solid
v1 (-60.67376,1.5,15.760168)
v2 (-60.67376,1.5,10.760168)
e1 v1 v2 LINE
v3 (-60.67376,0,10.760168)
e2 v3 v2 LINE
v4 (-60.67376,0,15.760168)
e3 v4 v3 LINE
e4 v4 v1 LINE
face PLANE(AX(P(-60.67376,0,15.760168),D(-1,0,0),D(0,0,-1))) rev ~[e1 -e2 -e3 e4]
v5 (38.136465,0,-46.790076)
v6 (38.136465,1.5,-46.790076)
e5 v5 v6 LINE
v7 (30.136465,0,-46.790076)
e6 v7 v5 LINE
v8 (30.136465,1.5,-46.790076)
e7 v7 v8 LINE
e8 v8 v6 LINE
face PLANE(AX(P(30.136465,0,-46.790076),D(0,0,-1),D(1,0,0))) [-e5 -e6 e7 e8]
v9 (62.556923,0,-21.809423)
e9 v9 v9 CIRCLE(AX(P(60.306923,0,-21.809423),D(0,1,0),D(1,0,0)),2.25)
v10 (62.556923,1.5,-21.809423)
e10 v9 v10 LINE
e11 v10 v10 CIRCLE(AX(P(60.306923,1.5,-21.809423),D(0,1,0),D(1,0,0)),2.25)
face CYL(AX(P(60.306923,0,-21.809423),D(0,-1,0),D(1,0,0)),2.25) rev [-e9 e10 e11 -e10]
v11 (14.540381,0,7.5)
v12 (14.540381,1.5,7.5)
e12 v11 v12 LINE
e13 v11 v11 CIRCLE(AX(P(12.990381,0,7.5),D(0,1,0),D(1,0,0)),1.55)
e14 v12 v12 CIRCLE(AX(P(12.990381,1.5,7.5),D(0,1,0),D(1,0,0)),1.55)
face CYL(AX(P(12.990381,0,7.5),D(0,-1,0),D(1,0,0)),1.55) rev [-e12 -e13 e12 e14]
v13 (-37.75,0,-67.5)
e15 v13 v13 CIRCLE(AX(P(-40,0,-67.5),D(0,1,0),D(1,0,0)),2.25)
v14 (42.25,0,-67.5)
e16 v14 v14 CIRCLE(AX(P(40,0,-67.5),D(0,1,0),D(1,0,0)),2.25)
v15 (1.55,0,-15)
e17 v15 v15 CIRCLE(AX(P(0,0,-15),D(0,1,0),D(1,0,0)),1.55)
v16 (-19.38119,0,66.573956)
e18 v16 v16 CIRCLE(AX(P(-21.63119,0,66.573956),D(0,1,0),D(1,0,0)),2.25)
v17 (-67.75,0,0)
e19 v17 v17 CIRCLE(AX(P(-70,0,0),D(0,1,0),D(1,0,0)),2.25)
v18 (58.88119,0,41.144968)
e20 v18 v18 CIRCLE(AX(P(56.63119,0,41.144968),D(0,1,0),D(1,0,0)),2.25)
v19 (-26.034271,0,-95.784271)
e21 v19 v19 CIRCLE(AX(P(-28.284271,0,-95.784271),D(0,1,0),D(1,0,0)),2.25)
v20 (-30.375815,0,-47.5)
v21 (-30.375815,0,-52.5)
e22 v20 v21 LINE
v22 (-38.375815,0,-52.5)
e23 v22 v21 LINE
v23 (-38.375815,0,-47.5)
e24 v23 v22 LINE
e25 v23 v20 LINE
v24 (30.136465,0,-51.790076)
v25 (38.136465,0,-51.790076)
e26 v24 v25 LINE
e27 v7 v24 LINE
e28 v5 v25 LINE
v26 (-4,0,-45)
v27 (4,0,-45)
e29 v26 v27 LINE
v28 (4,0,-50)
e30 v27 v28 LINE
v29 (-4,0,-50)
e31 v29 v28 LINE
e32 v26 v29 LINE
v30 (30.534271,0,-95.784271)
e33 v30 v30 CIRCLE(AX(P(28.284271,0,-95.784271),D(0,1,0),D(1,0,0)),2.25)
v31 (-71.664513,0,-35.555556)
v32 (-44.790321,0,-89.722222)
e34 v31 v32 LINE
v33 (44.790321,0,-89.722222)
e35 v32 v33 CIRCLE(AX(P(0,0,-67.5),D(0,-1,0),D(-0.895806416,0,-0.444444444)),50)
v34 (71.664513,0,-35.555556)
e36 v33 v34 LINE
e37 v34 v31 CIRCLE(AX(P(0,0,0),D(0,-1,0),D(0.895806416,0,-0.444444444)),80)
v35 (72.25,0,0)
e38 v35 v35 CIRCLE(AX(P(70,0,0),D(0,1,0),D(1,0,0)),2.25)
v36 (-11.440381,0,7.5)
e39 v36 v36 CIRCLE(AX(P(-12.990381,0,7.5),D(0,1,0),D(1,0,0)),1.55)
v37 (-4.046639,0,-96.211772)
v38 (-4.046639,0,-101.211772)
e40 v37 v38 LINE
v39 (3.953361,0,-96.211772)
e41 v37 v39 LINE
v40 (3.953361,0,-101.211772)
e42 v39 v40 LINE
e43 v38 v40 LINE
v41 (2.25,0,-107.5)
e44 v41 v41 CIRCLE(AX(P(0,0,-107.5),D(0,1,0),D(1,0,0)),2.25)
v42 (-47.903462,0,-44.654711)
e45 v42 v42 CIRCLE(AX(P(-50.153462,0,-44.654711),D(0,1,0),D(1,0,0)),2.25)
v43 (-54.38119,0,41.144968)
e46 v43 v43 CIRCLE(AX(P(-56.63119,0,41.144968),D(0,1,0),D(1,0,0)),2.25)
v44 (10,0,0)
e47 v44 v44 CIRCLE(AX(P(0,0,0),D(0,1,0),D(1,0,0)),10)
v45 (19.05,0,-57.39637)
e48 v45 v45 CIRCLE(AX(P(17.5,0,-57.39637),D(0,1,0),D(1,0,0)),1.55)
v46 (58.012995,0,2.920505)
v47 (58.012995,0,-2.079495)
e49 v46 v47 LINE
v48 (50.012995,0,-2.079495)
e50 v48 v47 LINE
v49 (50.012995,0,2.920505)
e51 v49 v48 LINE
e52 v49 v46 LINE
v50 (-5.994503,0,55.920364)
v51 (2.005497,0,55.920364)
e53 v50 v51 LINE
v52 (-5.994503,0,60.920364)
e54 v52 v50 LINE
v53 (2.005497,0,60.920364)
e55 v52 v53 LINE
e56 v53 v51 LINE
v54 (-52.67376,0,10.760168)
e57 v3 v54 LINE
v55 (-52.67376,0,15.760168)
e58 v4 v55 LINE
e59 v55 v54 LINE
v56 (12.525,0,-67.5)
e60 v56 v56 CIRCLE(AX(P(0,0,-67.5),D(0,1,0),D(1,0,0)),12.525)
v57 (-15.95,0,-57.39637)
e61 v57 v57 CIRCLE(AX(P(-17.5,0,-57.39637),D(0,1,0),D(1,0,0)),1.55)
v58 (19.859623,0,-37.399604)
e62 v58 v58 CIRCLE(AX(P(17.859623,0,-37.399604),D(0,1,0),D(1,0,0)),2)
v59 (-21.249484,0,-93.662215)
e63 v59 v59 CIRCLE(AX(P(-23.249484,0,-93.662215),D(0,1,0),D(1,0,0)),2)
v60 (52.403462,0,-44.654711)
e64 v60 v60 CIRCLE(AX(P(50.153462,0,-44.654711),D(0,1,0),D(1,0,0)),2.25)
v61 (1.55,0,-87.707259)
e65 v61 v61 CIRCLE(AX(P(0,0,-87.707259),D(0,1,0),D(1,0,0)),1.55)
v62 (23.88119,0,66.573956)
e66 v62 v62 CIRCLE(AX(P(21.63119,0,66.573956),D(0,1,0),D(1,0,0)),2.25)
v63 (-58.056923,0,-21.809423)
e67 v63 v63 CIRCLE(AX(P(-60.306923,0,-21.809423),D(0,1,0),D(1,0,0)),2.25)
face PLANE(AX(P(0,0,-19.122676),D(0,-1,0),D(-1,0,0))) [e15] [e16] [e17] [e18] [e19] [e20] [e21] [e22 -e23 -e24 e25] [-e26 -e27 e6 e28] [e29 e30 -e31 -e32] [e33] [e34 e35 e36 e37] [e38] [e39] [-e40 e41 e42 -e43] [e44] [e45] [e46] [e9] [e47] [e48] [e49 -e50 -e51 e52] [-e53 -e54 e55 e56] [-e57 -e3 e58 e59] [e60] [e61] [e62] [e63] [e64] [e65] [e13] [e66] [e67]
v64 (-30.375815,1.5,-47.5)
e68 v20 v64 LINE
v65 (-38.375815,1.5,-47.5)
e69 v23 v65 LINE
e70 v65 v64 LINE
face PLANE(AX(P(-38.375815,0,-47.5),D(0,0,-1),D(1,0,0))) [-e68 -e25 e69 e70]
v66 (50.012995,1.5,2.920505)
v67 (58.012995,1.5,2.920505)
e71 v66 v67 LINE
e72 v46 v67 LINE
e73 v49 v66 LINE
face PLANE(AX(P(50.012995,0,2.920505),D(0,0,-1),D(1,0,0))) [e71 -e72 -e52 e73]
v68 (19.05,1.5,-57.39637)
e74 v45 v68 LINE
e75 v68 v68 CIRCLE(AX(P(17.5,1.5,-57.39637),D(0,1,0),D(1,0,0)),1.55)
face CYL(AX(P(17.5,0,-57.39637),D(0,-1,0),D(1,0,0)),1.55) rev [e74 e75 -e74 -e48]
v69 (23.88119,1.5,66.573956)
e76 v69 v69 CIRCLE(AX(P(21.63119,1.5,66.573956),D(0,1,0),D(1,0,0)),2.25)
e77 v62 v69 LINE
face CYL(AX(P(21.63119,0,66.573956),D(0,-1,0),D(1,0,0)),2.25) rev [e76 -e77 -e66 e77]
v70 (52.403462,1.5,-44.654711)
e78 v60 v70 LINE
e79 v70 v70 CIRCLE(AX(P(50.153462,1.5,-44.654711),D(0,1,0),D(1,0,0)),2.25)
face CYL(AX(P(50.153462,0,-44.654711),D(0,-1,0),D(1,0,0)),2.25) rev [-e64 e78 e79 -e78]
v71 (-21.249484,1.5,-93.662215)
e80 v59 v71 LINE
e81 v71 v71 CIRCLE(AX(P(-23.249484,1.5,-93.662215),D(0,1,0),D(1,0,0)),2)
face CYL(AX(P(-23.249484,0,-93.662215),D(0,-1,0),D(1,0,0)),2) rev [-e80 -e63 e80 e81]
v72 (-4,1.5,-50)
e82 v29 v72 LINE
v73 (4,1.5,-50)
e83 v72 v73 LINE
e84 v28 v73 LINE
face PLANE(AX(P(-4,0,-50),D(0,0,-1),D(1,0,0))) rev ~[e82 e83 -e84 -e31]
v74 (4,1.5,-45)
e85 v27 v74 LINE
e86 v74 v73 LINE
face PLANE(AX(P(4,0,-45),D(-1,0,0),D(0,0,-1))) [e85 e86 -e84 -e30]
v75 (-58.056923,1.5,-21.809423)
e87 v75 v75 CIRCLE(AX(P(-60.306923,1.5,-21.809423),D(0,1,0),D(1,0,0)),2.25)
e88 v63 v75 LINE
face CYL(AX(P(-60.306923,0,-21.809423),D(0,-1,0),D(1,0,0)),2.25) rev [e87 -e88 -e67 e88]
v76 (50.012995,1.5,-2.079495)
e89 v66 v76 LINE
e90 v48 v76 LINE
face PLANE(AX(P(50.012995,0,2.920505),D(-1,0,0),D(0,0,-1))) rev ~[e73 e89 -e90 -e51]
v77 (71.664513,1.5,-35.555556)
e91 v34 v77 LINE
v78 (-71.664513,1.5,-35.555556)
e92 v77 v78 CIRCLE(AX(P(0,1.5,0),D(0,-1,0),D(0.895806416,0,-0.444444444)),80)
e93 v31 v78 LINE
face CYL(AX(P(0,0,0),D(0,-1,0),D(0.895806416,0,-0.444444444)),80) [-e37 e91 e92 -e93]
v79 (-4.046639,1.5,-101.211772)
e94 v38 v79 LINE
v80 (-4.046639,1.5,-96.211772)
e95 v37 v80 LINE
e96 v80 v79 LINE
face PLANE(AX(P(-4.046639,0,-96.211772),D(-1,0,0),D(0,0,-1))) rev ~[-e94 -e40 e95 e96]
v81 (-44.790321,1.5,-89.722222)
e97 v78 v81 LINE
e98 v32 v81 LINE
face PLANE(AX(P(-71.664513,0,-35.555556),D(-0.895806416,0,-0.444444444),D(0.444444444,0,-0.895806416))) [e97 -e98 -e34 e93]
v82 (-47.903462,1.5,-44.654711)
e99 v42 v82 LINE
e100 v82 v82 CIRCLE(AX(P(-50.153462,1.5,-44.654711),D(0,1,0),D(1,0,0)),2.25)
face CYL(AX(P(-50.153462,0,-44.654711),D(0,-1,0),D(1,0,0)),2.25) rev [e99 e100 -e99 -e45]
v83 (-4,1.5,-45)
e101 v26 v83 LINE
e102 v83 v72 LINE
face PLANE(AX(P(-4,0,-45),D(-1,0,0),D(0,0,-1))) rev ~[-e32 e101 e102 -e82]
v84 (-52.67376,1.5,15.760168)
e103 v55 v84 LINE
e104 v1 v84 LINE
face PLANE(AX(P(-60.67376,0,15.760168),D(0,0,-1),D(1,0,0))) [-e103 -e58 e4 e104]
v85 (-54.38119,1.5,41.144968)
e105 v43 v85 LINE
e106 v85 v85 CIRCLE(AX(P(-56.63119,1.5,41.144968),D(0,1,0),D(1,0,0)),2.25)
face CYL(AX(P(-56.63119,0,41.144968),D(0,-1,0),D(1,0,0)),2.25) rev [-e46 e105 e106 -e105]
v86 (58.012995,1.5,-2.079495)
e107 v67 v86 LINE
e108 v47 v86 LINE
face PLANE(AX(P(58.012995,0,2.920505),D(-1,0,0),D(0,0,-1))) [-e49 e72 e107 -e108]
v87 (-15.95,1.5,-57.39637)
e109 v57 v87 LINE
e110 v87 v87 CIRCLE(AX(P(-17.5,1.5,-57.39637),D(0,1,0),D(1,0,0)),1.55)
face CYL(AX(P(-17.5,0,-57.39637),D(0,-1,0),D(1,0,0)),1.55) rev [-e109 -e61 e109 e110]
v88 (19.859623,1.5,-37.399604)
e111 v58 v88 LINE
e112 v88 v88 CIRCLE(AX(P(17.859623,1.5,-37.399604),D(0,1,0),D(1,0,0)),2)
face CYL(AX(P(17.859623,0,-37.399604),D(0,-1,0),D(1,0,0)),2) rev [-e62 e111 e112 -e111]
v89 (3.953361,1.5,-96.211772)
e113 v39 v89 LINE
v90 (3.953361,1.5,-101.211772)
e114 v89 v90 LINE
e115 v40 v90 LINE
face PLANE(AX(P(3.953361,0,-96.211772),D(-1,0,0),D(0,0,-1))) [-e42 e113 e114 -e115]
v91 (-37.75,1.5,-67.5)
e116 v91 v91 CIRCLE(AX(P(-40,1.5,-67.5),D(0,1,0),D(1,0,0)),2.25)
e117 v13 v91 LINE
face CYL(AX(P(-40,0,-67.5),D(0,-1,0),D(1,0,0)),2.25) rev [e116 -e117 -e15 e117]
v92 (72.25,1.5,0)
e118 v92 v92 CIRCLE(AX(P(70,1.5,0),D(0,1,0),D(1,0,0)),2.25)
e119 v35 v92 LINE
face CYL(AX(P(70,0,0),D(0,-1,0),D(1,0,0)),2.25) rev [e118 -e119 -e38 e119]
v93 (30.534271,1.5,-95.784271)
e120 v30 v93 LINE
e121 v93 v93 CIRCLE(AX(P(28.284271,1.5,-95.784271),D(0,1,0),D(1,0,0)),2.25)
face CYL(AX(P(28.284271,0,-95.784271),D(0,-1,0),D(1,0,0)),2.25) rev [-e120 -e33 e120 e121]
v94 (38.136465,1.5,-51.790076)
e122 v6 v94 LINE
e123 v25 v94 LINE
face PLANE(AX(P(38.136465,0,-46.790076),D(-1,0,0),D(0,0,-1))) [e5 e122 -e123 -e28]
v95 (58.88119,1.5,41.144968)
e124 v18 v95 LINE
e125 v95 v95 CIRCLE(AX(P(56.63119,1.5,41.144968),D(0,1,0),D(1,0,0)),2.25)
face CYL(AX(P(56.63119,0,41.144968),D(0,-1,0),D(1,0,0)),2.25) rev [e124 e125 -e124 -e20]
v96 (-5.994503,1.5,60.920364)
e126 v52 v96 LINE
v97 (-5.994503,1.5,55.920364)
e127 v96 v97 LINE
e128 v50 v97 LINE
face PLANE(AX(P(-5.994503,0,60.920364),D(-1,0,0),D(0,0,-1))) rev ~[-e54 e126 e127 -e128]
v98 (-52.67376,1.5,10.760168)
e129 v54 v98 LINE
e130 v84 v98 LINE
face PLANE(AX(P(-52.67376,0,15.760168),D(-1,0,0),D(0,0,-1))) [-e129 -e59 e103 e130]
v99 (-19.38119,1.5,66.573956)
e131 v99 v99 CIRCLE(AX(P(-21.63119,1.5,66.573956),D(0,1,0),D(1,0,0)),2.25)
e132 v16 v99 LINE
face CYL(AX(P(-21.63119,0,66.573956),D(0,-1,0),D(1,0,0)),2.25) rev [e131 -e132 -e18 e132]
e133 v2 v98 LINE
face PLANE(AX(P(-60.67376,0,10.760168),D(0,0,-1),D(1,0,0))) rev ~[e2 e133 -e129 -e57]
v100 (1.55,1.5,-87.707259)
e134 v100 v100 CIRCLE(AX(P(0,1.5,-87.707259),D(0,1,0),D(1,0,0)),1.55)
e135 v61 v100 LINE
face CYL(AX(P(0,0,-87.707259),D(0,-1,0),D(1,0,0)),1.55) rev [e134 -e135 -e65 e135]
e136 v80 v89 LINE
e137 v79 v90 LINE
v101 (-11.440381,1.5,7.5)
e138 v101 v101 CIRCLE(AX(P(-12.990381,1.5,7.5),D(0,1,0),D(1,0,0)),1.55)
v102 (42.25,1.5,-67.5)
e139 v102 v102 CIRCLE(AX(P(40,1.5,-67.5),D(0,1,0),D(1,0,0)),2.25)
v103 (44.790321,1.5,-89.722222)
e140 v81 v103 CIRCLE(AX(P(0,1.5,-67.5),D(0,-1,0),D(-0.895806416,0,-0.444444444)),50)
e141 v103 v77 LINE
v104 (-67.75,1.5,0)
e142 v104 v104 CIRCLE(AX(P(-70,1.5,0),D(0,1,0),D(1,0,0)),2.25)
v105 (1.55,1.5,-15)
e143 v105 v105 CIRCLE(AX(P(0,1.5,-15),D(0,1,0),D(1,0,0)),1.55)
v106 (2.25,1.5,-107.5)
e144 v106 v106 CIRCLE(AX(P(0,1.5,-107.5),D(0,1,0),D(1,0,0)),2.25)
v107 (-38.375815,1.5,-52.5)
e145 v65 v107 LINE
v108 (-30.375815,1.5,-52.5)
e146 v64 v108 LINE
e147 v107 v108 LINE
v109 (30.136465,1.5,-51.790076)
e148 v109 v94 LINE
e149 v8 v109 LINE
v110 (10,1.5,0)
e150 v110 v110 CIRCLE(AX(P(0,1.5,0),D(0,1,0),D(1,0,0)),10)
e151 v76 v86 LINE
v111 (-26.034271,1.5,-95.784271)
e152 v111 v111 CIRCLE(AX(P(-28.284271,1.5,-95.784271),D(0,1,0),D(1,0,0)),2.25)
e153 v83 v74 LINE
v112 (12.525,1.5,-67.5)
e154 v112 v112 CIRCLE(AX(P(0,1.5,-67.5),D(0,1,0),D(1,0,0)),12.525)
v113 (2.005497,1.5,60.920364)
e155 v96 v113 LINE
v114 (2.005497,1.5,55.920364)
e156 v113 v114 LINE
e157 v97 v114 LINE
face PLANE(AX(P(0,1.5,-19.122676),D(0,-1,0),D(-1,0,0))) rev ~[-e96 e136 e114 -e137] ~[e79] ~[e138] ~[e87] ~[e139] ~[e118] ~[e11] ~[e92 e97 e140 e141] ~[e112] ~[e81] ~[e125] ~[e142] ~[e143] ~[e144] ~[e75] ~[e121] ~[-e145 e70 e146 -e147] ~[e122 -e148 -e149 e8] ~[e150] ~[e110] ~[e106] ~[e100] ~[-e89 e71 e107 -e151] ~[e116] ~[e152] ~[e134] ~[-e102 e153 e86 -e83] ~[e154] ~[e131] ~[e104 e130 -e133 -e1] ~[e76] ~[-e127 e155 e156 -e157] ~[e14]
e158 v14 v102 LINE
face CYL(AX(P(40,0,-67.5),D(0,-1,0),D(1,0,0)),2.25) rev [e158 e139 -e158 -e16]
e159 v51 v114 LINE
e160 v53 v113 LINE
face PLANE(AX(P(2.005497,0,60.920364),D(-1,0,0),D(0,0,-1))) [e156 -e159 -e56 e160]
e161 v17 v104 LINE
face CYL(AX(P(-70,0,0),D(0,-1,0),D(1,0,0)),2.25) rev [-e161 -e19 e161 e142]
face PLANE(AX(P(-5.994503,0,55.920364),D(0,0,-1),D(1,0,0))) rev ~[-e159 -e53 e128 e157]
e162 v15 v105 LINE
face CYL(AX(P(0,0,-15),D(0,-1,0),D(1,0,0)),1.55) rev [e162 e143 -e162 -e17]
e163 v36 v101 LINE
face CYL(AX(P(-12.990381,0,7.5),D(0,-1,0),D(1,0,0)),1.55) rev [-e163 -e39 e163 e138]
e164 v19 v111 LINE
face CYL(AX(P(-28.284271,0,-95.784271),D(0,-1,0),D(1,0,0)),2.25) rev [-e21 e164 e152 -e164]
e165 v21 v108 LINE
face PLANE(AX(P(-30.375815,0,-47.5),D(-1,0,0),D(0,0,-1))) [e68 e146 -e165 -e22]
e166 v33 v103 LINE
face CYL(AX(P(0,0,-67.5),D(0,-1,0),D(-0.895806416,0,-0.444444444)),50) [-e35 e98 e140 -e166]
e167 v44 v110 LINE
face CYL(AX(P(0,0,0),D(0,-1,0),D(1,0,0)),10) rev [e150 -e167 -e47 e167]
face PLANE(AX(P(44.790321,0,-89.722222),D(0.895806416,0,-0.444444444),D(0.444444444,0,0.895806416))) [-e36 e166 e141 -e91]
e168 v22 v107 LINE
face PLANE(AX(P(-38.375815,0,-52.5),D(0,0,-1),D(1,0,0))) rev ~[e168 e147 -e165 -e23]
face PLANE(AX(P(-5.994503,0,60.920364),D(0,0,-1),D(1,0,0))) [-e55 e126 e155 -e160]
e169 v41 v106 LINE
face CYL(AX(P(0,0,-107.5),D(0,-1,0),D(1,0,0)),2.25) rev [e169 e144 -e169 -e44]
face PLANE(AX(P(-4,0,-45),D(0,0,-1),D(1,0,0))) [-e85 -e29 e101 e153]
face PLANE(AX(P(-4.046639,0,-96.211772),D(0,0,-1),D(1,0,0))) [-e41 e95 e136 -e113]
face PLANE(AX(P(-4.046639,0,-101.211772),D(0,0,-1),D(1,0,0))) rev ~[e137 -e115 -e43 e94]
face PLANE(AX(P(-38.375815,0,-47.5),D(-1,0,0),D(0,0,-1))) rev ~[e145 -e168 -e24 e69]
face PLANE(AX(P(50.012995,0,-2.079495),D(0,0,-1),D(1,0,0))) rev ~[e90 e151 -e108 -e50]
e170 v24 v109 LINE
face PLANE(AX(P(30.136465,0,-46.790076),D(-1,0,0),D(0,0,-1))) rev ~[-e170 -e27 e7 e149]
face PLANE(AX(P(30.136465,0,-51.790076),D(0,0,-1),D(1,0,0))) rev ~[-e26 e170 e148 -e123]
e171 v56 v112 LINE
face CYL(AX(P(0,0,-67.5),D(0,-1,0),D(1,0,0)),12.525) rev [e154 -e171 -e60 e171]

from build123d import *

# Parameters (mm, degrees)
SKETCH1_R           = 10
SKETCH1_R_2         = 1.55
SKETCH1_R_3         = 12.525
SKETCH1_R_4         = 2.25
SKETCH1_R_5         = 2
SKETCH1_W           = 8
SKETCH1_H           = 5
BOSS_EXTRUDE1_DEPTH = 1.5


with BuildPart() as part:
    # Sketch1 → Boss-Extrude1 (new body)
    with BuildSketch(Plane(origin=(0, 0, 0), x_dir=(1, 0, 0), z_dir=(0, 1, 0))):
        with BuildLine():
            Line((44.790320824, 89.722222222), (71.664513318, 35.555555556))
            ThreePointArc((71.664513318, 35.555555556), (0, -80), (-71.664513318, 35.555555556))
            Line((-71.664513318, 35.555555556), (-44.790320824, 89.722222222))
            ThreePointArc((-44.790320824, 89.722222222), (0, 117.5), (44.790320824, 89.722222222))
        make_face()
        Circle(SKETCH1_R, mode=Mode.SUBTRACT)
        with Locations((-12.990381057, -7.5)):
            Circle(SKETCH1_R_2, mode=Mode.SUBTRACT)
        with Locations((12.990381057, -7.5)):
            Circle(SKETCH1_R_2, mode=Mode.SUBTRACT)
        with Locations((0, 15)):
            Circle(SKETCH1_R_2, mode=Mode.SUBTRACT)
        with Locations((0, 67.5)):
            Circle(SKETCH1_R_3, mode=Mode.SUBTRACT)
        with Locations((40, 67.5)):
            Circle(SKETCH1_R_4, mode=Mode.SUBTRACT)
        with Locations((70, 0)):
            Circle(SKETCH1_R_4, mode=Mode.SUBTRACT)
        with Locations((56.631189606, -41.14496766)):
            Circle(SKETCH1_R_4, mode=Mode.SUBTRACT)
        with Locations((21.631189606, -66.573956141)):
            Circle(SKETCH1_R_4, mode=Mode.SUBTRACT)
        with Locations((-21.631189606, -66.573956141)):
            Circle(SKETCH1_R_4, mode=Mode.SUBTRACT)
        with Locations((-56.631189606, -41.14496766)):
            Circle(SKETCH1_R_4, mode=Mode.SUBTRACT)
        with Locations((-70, 0)):
            Circle(SKETCH1_R_4, mode=Mode.SUBTRACT)
        with Locations((28.284271247, 95.784271247)):
            Circle(SKETCH1_R_4, mode=Mode.SUBTRACT)
        with Locations((0, 107.5)):
            Circle(SKETCH1_R_4, mode=Mode.SUBTRACT)
        with Locations((-28.284271247, 95.784271247)):
            Circle(SKETCH1_R_4, mode=Mode.SUBTRACT)
        with Locations((-40, 67.5)):
            Circle(SKETCH1_R_4, mode=Mode.SUBTRACT)
        with Locations((-50.153461651, 44.654711284)):
            Circle(SKETCH1_R_4, mode=Mode.SUBTRACT)
        with Locations((-60.306923303, 21.809422569)):
            Circle(SKETCH1_R_4, mode=Mode.SUBTRACT)
        with Locations((50.153461651, 44.654711284)):
            Circle(SKETCH1_R_4, mode=Mode.SUBTRACT)
        with Locations((60.306923303, 21.809422569)):
            Circle(SKETCH1_R_4, mode=Mode.SUBTRACT)
        with Locations((0, 87.707259422)):
            Circle(SKETCH1_R_2, mode=Mode.SUBTRACT)
        with Locations((-17.5, 57.396370289)):
            Circle(SKETCH1_R_2, mode=Mode.SUBTRACT)
        with Locations((17.5, 57.396370289)):
            Circle(SKETCH1_R_2, mode=Mode.SUBTRACT)
        with Locations((-23.249483938, 93.662215055)):
            Circle(SKETCH1_R_5, mode=Mode.SUBTRACT)
        with Locations((17.859623375, 37.399603775)):
            Circle(SKETCH1_R_5, mode=Mode.SUBTRACT)
        with Locations((0, 47.5)):
            Rectangle(SKETCH1_W, SKETCH1_H, mode=Mode.SUBTRACT)
        with Locations((-1.994503305, -58.420364393)):
            Rectangle(SKETCH1_W, SKETCH1_H, mode=Mode.SUBTRACT)
        with Locations((-34.37581539, 50)):
            Rectangle(SKETCH1_W, SKETCH1_H, mode=Mode.SUBTRACT)
        with Locations((34.136464886, 49.290075758)):
            Rectangle(SKETCH1_W, SKETCH1_H, mode=Mode.SUBTRACT)
        with Locations((54.012994775, -0.420504721)):
            Rectangle(SKETCH1_W, SKETCH1_H, mode=Mode.SUBTRACT)
        with Locations((-56.673760324, -13.260168312)):
            Rectangle(SKETCH1_W, SKETCH1_H, mode=Mode.SUBTRACT)
        with Locations((-0.046638908, 98.711772009)):
            Rectangle(SKETCH1_W, SKETCH1_H, mode=Mode.SUBTRACT)
    extrude(amount=BOSS_EXTRUDE1_DEPTH)


solid = part.part
